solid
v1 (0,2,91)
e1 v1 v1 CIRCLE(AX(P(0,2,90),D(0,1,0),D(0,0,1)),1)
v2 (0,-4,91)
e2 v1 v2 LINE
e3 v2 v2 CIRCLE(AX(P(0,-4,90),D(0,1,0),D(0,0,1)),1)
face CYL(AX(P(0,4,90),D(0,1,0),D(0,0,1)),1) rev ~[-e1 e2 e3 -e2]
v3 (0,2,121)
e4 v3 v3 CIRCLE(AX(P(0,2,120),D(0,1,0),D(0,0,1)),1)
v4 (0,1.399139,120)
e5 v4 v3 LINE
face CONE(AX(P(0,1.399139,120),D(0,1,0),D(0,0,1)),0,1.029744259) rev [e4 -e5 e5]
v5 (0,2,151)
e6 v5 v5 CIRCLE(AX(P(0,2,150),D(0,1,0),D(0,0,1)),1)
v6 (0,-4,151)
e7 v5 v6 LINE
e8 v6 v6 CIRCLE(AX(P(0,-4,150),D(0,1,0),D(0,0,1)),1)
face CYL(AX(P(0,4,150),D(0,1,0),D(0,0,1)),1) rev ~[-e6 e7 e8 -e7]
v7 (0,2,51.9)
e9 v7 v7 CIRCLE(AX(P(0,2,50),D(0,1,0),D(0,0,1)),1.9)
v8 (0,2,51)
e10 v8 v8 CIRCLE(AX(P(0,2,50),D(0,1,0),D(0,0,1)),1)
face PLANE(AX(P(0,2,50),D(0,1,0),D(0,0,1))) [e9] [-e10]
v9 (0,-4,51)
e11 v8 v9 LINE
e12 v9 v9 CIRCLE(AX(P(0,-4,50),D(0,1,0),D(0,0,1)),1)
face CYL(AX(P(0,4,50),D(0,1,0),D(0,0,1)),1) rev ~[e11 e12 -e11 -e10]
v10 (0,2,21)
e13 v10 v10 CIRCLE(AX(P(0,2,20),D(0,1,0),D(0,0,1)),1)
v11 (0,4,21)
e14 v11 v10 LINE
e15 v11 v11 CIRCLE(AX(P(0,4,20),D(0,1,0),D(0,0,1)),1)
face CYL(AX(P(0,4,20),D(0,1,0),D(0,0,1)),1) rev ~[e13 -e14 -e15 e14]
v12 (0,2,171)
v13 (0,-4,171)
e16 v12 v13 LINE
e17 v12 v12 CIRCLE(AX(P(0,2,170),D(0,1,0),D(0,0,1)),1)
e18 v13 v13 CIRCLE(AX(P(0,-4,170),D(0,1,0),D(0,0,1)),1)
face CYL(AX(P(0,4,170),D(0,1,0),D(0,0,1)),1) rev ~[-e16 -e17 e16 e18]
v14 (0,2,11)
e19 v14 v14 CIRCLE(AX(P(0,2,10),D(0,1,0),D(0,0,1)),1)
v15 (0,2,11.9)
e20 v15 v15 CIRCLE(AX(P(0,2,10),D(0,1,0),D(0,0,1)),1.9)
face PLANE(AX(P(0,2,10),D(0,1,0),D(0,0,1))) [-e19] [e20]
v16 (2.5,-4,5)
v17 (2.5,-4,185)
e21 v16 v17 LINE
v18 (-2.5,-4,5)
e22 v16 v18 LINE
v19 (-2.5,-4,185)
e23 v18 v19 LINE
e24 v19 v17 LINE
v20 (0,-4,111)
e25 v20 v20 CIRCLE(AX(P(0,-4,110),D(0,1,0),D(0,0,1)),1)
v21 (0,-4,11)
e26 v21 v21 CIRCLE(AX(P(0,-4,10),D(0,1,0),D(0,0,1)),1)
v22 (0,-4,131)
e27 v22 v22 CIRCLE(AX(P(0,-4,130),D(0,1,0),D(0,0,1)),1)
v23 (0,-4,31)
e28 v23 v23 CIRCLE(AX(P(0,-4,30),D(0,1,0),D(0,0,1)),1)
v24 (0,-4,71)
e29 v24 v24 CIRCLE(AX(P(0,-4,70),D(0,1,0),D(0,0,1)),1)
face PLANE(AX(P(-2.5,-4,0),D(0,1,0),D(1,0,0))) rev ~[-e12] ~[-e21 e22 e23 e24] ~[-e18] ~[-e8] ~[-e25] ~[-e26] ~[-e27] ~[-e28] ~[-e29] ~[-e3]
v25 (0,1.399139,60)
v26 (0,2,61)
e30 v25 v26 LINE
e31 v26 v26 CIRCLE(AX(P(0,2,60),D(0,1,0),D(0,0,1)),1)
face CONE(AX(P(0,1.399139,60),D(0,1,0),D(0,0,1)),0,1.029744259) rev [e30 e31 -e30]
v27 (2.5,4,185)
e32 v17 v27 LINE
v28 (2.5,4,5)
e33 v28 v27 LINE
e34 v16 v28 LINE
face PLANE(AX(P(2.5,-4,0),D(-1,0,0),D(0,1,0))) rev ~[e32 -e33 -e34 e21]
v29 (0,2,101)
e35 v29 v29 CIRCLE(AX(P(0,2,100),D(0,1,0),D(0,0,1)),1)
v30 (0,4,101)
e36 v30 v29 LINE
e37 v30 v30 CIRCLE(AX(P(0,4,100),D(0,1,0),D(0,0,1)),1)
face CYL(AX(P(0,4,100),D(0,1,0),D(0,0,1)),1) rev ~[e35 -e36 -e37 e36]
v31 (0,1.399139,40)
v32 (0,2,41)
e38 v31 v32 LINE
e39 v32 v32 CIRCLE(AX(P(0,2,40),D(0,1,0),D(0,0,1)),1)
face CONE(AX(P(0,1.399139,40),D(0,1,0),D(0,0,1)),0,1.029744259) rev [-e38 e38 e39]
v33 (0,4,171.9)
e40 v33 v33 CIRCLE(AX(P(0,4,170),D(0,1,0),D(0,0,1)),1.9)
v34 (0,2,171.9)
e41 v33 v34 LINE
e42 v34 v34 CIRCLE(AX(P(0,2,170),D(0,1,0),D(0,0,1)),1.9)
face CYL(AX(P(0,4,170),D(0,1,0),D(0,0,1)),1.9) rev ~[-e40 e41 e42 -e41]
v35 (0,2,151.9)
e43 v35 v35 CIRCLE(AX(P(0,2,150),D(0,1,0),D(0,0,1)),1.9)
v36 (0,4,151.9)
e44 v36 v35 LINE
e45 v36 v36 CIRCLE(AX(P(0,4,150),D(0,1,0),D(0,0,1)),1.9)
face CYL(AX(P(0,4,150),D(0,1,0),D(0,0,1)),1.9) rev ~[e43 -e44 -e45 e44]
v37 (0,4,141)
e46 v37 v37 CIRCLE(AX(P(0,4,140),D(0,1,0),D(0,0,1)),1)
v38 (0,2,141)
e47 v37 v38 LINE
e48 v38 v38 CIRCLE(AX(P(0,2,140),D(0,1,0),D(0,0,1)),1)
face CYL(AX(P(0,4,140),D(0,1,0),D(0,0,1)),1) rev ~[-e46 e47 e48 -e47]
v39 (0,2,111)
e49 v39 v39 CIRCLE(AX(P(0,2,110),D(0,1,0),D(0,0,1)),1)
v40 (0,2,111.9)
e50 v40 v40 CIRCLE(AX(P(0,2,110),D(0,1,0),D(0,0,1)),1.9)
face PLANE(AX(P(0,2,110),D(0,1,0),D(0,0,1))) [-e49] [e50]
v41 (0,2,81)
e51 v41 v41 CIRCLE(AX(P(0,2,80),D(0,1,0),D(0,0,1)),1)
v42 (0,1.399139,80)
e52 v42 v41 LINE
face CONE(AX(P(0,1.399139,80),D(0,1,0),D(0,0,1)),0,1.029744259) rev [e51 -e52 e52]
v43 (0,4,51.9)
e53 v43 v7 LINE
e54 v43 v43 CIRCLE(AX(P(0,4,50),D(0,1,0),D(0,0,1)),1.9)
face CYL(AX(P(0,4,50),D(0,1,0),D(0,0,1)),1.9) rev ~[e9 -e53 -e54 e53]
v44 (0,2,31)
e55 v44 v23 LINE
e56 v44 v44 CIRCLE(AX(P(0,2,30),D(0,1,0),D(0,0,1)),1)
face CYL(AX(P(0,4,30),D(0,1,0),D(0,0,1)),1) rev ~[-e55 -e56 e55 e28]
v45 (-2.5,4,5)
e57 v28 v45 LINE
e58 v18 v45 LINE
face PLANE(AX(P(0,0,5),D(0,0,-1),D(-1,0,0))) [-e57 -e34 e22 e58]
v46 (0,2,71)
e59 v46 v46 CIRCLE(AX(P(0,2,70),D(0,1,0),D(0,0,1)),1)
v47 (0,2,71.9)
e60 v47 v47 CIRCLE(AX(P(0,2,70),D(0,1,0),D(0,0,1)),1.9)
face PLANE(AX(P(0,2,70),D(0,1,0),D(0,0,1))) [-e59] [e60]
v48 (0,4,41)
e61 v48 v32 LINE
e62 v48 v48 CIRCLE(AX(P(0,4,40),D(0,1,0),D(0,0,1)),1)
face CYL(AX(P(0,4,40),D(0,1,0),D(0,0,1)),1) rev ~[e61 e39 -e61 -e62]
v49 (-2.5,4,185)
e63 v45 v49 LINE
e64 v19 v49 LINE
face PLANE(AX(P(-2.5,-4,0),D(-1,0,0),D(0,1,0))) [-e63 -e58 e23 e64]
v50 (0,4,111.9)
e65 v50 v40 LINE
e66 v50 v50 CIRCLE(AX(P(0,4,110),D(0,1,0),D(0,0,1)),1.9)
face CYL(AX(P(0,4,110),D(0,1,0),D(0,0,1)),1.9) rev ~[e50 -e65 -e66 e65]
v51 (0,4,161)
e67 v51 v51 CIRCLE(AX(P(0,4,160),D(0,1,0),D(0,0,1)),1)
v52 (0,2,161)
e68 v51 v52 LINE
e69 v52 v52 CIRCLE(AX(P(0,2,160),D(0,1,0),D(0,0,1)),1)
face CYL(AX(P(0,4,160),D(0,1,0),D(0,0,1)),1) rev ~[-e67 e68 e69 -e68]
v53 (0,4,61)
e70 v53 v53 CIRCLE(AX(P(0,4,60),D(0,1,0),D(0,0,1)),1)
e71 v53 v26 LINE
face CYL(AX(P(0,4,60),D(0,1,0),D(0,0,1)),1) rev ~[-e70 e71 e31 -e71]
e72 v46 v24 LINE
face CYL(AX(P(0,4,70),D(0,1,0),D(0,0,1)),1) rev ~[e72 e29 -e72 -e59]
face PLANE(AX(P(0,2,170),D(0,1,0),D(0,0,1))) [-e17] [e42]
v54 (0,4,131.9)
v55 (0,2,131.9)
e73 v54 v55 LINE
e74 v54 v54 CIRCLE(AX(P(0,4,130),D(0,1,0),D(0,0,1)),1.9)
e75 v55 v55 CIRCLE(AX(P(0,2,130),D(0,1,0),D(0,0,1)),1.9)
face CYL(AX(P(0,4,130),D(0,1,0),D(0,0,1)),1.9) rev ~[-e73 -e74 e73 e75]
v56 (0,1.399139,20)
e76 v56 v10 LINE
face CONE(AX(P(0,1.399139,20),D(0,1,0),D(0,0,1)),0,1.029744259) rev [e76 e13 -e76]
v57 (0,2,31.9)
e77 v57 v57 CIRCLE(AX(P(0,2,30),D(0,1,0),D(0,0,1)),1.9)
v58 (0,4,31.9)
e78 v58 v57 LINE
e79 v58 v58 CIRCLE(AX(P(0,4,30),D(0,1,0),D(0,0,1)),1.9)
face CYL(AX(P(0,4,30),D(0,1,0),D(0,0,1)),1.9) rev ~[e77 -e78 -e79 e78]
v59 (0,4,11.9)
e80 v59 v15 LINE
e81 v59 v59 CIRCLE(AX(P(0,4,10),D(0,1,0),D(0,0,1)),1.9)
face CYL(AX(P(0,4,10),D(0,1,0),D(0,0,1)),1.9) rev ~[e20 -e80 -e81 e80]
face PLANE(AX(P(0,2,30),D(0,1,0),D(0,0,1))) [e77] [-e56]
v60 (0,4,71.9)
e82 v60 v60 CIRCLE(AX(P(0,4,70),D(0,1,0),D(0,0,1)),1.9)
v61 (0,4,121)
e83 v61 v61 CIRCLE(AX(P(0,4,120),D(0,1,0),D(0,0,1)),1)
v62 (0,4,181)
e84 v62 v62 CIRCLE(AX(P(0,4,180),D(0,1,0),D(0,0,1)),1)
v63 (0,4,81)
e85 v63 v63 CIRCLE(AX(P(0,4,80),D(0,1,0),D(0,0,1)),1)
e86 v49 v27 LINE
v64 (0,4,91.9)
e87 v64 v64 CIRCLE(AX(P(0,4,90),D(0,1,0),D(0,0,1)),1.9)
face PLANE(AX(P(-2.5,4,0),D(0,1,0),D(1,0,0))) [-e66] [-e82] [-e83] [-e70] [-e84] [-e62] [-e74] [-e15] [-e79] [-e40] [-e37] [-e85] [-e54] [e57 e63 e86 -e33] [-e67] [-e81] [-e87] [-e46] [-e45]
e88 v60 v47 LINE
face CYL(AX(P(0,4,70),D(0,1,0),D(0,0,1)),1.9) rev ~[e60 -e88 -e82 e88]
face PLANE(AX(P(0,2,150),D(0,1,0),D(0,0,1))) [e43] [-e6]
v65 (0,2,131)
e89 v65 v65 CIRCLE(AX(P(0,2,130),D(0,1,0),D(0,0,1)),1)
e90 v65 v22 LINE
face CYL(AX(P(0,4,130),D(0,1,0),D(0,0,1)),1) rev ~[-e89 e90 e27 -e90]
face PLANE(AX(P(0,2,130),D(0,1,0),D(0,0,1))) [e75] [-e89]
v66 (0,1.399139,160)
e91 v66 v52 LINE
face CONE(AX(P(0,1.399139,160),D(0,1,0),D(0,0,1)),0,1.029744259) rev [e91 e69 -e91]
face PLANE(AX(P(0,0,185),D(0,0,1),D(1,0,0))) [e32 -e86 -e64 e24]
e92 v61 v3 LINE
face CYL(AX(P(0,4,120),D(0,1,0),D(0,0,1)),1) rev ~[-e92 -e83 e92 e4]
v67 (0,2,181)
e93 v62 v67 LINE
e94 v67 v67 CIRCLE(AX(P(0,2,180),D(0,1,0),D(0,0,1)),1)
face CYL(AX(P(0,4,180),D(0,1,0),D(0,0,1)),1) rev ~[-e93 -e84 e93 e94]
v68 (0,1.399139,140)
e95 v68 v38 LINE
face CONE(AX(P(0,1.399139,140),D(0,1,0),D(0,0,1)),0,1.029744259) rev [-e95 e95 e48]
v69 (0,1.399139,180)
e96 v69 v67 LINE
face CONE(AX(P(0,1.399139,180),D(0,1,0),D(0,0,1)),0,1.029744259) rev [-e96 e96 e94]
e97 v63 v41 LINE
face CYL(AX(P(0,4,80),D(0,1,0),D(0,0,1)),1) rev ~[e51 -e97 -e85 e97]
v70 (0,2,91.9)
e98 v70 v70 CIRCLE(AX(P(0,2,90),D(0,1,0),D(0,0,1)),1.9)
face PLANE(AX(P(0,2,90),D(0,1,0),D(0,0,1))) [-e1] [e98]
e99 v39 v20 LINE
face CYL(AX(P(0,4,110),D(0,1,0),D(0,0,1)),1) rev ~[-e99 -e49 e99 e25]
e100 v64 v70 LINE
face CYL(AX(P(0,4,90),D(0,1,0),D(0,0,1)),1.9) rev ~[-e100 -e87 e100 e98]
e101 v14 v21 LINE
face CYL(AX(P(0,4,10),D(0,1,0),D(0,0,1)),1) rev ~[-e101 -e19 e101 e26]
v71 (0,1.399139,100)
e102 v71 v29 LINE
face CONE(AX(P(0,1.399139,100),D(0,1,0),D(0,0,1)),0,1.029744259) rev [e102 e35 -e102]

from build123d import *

# Parameters (mm, degrees)
SKETCH1_W                         = 5
SKETCH1_H                         = 8
BOSS_EXTRUDE1_DEPTH               = 185
SKETCH2_R                         = 1
CUT_EXTRUDE2_DEPTH                = 2
F_2_0_2_DIAMETER_HOLE1_AT_2_COUNT = 2
F_2_0_2_DIAMETER_HOLE1_AT_2_PITCH = 20
LPATTERN1_COUNT                   = 8
LPATTERN1_PITCH                   = 20
SKETCH6_R                         = 1
CUT_EXTRUDE3_DEPTH                = 186.189767536
SKETCH8_R                         = 1.9
CUT_EXTRUDE4_DEPTH                = 2
SKETCH9_W                         = 5
SKETCH9_H                         = 8
CUT_EXTRUDE5_DEPTH                = 5


with BuildPart() as part:
    # Sketch1 → Boss-Extrude1 (new body)
    with BuildSketch(Plane.XY):
        Rectangle(SKETCH1_W, SKETCH1_H)
    extrude(amount=BOSS_EXTRUDE1_DEPTH)

    # Sketch2 → Cut-Extrude2 (cut)
    with BuildSketch(Plane(origin=(0, 4, 0), x_dir=(1, 0, 0), z_dir=(0, 1, 0))):
        with Locations(Location((0, -20, 0), (0, 0, 270))):
            Circle(SKETCH2_R)
        with Locations(Location((0, -40, 0), (0, 0, 270))):
            Circle(SKETCH2_R)
        with Locations(Location((0, -60, 0), (0, 0, 270))):
            Circle(SKETCH2_R)
        with Locations(Location((0, -80, 0), (0, 0, 270))):
            Circle(SKETCH2_R)
        with Locations(Location((0, -100, 0), (0, 0, 270))):
            Circle(SKETCH2_R)
        with Locations(Location((0, -120, 0), (0, 0, 270))):
            Circle(SKETCH2_R)
        with Locations(Location((0, -140, 0), (0, 0, 270))):
            Circle(SKETCH2_R)
        with Locations(Location((0, -160, 0), (0, 0, 270))):
            Circle(SKETCH2_R)
        with Locations(Location((0, -180, 0), (0, 0, 270))):
            Circle(SKETCH2_R)
    extrude(amount=-CUT_EXTRUDE2_DEPTH, mode=Mode.SUBTRACT)

    # Sketch4 → Ø2.0 (2) Diameter Hole1 (revolve, cut)
    with BuildSketch(Plane(origin=(0, 4, 20), x_dir=(0, 0, 1), z_dir=(1, 0, 0))):
        Polygon((0, 0), (0, 2.600860619), (1, 2), (1, 0), align=None)
    f_2_0_2_diameter_hole1 = revolve(axis=Axis((0, 10.35, 20), (0, -1, 0)), mode=Mode.SUBTRACT)

    # Ø2.0 (2) Diameter Hole1 at 2: Ø2.0 (2) Diameter Hole1 ×2
    with Locations(*[(0, 0, i * F_2_0_2_DIAMETER_HOLE1_AT_2_PITCH) for i in range(1, F_2_0_2_DIAMETER_HOLE1_AT_2_COUNT)]):
        add(f_2_0_2_diameter_hole1, mode=Mode.SUBTRACT)

    # LPattern1: Ø2.0 (2) Diameter Hole1 ×8
    with Locations(*[(0, 0, i * LPATTERN1_PITCH) for i in range(1, LPATTERN1_COUNT)]):
        add(f_2_0_2_diameter_hole1, mode=Mode.SUBTRACT)

    # LPattern1 copy 1 sketch → LPattern1 copy 1 (revolve, cut)
    with BuildSketch(Plane(origin=(0, 4, 60), x_dir=(0, 0, 1), z_dir=(1, 0, 0))):
        Polygon((0, 0), (0, 2.600860619), (1, 2), (1, 0), align=None)
    revolve(axis=Axis((0, 10.35, 60), (0, -1, 0)), mode=Mode.SUBTRACT)

    # LPattern1 copy 2 sketch → LPattern1 copy 2 (revolve, cut)
    with BuildSketch(Plane(origin=(0, 4, 80), x_dir=(0, 0, 1), z_dir=(1, 0, 0))):
        Polygon((0, 0), (0, 2.600860619), (1, 2), (1, 0), align=None)
    revolve(axis=Axis((0, 10.35, 80), (0, -1, 0)), mode=Mode.SUBTRACT)

    # LPattern1 copy 3 sketch → LPattern1 copy 3 (revolve, cut)
    with BuildSketch(Plane(origin=(0, 4, 100), x_dir=(0, 0, 1), z_dir=(1, 0, 0))):
        Polygon((0, 0), (0, 2.600860619), (1, 2), (1, 0), align=None)
    revolve(axis=Axis((0, 10.35, 100), (0, -1, 0)), mode=Mode.SUBTRACT)

    # LPattern1 copy 4 sketch → LPattern1 copy 4 (revolve, cut)
    with BuildSketch(Plane(origin=(0, 4, 120), x_dir=(0, 0, 1), z_dir=(1, 0, 0))):
        Polygon((0, 0), (0, 2.600860619), (1, 2), (1, 0), align=None)
    revolve(axis=Axis((0, 10.35, 120), (0, -1, 0)), mode=Mode.SUBTRACT)

    # LPattern1 copy 5 sketch → LPattern1 copy 5 (revolve, cut)
    with BuildSketch(Plane(origin=(0, 4, 140), x_dir=(0, 0, 1), z_dir=(1, 0, 0))):
        Polygon((0, 0), (0, 2.600860619), (1, 2), (1, 0), align=None)
    revolve(axis=Axis((0, 10.35, 140), (0, -1, 0)), mode=Mode.SUBTRACT)

    # LPattern1 copy 6 sketch → LPattern1 copy 6 (revolve, cut)
    with BuildSketch(Plane(origin=(0, 4, 160), x_dir=(0, 0, 1), z_dir=(1, 0, 0))):
        Polygon((0, 0), (0, 2.600860619), (1, 2), (1, 0), align=None)
    revolve(axis=Axis((0, 10.35, 160), (0, -1, 0)), mode=Mode.SUBTRACT)

    # LPattern1 copy 7 sketch → LPattern1 copy 7 (revolve, cut)
    with BuildSketch(Plane(origin=(0, 4, 180), x_dir=(0, 0, 1), z_dir=(1, 0, 0))):
        Polygon((0, 0), (0, 2.600860619), (1, 2), (1, 0), align=None)
    revolve(axis=Axis((0, 10.35, 180), (0, -1, 0)), mode=Mode.SUBTRACT)

    # Sketch6 → Cut-Extrude3 (cut, through all)
    with BuildSketch(Plane(origin=(0, 4, 0), x_dir=(1, 0, 0), z_dir=(0, 1, 0))):
        with Locations(Location((0, -30, 0), (0, 0, 270))):
            Circle(SKETCH6_R)
        with Locations(Location((0, -50, 0), (0, 0, 270))):
            Circle(SKETCH6_R)
        with Locations(Location((0, -70, 0), (0, 0, 270))):
            Circle(SKETCH6_R)
        with Locations(Location((0, -90, 0), (0, 0, 270))):
            Circle(SKETCH6_R)
        with Locations(Location((0, -110, 0), (0, 0, 270))):
            Circle(SKETCH6_R)
        with Locations(Location((0, -130, 0), (0, 0, 270))):
            Circle(SKETCH6_R)
        with Locations(Location((0, -150, 0), (0, 0, 270))):
            Circle(SKETCH6_R)
        with Locations(Location((0, -170, 0), (0, 0, 270))):
            Circle(SKETCH6_R)
        with Locations((0, -190)):
            Circle(SKETCH6_R)
        with Locations(Location((0, -10, 0), (0, 0, 270))):
            Circle(SKETCH6_R)
    extrude(amount=-CUT_EXTRUDE3_DEPTH, mode=Mode.SUBTRACT)

    # Sketch8 → Cut-Extrude4 (cut)
    with BuildSketch(Plane(origin=(0, 4, 0), x_dir=(1, 0, 0), z_dir=(0, 1, 0))):
        with Locations(Location((0, -10, 0), (0, 0, 270))):
            Circle(SKETCH8_R)
        with Locations(Location((0, -30, 0), (0, 0, 270))):
            Circle(SKETCH8_R)
        with Locations(Location((0, -50, 0), (0, 0, 270))):
            Circle(SKETCH8_R)
        with Locations(Location((0, -70, 0), (0, 0, 270))):
            Circle(SKETCH8_R)
        with Locations(Location((0, -90, 0), (0, 0, 270))):
            Circle(SKETCH8_R)
        with Locations(Location((0, -110, 0), (0, 0, 270))):
            Circle(SKETCH8_R)
        with Locations(Location((0, -130, 0), (0, 0, 270))):
            Circle(SKETCH8_R)
        with Locations(Location((0, -150, 0), (0, 0, 270))):
            Circle(SKETCH8_R)
        with Locations(Location((0, -170, 0), (0, 0, 270))):
            Circle(SKETCH8_R)
        with Locations((0, -190)):
            Circle(SKETCH8_R)
    extrude(amount=-CUT_EXTRUDE4_DEPTH, mode=Mode.SUBTRACT)

    # Sketch9 → Cut-Extrude5 (cut)
    with BuildSketch(Plane(origin=(0, 0, 0), x_dir=(-1, 0, 0), z_dir=(0, 0, -1))):
        Rectangle(SKETCH9_W, SKETCH9_H)
    extrude(amount=-CUT_EXTRUDE5_DEPTH, mode=Mode.SUBTRACT)


solid = part.part
